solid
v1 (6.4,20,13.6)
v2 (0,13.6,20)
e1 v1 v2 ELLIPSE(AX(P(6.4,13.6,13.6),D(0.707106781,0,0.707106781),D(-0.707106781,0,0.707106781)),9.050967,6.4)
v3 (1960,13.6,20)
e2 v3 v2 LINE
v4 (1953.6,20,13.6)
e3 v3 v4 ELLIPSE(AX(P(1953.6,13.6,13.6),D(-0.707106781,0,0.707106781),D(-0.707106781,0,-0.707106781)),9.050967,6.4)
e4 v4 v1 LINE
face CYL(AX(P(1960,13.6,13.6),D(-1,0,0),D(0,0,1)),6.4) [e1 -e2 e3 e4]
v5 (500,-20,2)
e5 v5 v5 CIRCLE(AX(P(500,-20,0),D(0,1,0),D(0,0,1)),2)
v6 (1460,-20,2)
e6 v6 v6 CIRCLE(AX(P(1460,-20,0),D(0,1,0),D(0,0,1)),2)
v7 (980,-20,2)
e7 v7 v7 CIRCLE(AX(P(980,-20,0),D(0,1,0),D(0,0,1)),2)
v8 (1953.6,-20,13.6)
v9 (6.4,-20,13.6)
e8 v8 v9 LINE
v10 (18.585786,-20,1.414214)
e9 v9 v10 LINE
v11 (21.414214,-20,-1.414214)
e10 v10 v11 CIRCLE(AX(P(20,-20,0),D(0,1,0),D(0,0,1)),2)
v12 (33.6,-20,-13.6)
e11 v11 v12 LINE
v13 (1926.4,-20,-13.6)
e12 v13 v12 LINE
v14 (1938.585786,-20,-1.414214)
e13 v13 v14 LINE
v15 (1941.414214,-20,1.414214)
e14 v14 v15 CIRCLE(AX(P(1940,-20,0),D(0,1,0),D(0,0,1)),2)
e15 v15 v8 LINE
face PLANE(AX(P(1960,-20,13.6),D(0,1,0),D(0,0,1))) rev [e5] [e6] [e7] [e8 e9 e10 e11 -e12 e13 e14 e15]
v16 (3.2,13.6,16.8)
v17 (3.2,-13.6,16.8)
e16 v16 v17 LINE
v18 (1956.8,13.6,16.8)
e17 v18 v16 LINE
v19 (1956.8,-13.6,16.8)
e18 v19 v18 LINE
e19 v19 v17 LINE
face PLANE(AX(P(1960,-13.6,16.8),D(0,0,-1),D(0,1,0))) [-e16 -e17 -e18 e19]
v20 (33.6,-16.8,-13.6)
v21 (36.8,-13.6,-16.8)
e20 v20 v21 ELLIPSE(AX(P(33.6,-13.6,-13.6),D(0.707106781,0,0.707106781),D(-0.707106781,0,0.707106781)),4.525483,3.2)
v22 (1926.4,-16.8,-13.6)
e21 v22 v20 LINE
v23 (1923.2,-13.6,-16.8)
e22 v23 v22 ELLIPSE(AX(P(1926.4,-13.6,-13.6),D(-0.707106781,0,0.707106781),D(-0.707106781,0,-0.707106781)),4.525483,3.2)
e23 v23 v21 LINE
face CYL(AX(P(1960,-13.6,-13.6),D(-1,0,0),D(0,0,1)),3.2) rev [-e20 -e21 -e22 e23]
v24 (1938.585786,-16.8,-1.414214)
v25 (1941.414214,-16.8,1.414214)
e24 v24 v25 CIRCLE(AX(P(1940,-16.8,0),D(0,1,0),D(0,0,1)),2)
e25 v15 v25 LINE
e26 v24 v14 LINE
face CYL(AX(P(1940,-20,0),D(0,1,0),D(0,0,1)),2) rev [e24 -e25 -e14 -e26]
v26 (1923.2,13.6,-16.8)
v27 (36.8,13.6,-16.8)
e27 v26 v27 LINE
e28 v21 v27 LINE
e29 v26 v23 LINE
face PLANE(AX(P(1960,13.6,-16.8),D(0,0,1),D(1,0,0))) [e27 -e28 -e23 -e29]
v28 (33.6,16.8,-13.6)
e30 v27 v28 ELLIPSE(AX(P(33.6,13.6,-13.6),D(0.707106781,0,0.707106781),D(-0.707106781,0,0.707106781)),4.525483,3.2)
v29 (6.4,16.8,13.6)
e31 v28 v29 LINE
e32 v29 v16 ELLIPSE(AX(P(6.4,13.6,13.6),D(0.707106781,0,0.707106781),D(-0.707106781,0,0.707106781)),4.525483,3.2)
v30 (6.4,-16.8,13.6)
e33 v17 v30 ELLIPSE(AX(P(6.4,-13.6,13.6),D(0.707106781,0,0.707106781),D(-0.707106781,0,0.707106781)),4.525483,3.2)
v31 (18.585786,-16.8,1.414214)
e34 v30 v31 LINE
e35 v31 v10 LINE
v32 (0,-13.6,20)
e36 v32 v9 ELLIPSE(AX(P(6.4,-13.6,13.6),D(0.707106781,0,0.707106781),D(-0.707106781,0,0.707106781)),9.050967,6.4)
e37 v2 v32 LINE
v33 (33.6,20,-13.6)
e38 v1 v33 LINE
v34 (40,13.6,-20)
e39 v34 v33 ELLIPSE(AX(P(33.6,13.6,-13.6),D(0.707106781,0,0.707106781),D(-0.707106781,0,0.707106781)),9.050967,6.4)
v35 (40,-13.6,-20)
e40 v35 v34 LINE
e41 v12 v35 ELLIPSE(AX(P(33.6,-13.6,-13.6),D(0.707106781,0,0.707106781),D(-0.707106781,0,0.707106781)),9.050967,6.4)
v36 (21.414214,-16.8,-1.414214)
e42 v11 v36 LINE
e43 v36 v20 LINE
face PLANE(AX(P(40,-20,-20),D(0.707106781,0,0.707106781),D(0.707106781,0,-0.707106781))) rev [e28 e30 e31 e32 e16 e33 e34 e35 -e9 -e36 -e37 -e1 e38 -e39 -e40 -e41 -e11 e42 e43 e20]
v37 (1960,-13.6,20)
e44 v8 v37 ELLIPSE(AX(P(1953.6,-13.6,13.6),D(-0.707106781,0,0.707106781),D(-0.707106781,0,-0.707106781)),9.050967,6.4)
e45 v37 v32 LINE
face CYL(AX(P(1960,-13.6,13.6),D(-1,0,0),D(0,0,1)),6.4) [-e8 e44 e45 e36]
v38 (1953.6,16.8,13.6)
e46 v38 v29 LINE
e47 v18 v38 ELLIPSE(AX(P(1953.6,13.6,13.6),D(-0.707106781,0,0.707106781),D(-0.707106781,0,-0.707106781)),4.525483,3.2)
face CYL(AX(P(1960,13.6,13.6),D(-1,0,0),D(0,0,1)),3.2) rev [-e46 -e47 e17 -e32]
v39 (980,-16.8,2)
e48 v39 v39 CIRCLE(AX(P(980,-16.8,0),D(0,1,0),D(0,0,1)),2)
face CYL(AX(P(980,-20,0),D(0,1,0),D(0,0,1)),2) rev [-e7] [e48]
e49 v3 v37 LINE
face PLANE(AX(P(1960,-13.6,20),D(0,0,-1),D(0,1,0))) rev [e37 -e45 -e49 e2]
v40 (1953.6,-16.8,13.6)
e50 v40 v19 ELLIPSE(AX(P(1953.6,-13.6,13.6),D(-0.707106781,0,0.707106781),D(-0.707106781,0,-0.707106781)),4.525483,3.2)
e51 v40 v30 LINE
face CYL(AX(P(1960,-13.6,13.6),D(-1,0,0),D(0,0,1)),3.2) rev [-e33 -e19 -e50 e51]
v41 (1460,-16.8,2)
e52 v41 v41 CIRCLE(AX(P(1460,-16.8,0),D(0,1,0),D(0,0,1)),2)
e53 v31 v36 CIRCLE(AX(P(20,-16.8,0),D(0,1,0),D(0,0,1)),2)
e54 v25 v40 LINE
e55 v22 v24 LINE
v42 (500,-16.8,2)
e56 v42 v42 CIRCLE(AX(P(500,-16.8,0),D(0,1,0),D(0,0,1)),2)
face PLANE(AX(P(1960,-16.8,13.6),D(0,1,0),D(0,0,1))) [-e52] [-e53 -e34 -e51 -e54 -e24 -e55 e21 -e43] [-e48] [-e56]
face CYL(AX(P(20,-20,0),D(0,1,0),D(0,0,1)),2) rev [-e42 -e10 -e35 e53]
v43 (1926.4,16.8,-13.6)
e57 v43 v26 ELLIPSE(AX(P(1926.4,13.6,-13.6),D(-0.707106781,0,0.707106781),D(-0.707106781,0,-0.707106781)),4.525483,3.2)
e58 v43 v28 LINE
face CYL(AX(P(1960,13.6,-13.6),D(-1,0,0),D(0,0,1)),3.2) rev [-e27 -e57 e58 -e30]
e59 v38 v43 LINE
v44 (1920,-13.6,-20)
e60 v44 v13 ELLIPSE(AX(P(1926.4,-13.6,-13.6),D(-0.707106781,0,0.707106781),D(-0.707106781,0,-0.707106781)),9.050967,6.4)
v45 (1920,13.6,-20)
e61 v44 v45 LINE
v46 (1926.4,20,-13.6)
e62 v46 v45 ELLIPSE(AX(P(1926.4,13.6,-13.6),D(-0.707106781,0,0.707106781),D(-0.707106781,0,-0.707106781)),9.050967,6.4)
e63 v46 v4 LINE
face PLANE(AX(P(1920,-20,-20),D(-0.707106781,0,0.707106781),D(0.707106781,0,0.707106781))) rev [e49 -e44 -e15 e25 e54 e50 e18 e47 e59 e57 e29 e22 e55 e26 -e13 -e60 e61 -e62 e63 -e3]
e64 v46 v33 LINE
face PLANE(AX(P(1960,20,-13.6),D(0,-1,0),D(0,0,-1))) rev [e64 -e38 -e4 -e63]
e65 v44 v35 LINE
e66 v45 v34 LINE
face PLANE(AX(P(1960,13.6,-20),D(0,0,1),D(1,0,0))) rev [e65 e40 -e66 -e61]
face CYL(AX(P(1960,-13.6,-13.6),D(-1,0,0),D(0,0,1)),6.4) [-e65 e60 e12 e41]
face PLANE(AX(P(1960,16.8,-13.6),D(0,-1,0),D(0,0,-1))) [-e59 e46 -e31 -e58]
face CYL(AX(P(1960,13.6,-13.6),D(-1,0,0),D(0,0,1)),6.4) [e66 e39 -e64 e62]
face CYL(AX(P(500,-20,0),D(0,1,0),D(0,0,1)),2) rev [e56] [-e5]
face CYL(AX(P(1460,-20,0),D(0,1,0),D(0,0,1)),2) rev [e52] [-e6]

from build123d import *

# Parameters (mm, degrees)
TUBE_SQUARE_40_X_40_X_3_2_5_DEPTH = 1960
CUT_EXTRUDE1_DEPTH                = 1961.510137694
SKETCH15_R                        = 2
CUT_EXTRUDE3_DEPTH                = 1961.204071009


with BuildPart() as part:
    # Sketch12 → Tube (square) 40 X 40 X 3.2(5) (new body)
    with BuildSketch(Plane(origin=(0, 0, 0), x_dir=(0, 0, -1), z_dir=(1, 0, 0))):
        with BuildLine():
            Line((-13.6, -20), (13.6, -20))
            ThreePointArc((13.6, -20), (18.1254834, -18.1254834), (20, -13.6))
            Line((20, -13.6), (20, 13.6))
            ThreePointArc((20, 13.6), (18.1254834, 18.1254834), (13.6, 20))
            Line((13.6, 20), (-13.6, 20))
            ThreePointArc((-13.6, 20), (-18.1254834, 18.1254834), (-20, 13.6))
            Line((-20, 13.6), (-20, -13.6))
            ThreePointArc((-20, -13.6), (-18.1254834, -18.1254834), (-13.6, -20))
        make_face()
        with BuildLine():
            Line((-13.6, -16.8), (13.6, -16.8))
            ThreePointArc((13.6, -16.8), (15.8627417, -15.8627417), (16.8, -13.6))
            Line((16.8, -13.6), (16.8, 13.6))
            ThreePointArc((16.8, 13.6), (15.8627417, 15.8627417), (13.6, 16.8))
            Line((13.6, 16.8), (-13.6, 16.8))
            ThreePointArc((-13.6, 16.8), (-15.8627417, 15.8627417), (-16.8, 13.6))
            Line((-16.8, 13.6), (-16.8, -13.6))
            ThreePointArc((-16.8, -13.6), (-15.8627417, -15.8627417), (-13.6, -16.8))
        make_face(mode=Mode.SUBTRACT)
    extrude(amount=TUBE_SQUARE_40_X_40_X_3_2_5_DEPTH)

    # Sketch13 → Cut-Extrude1 (cut, through all)
    with BuildSketch(Plane(origin=(0, 20, 0), x_dir=(1, 0, 0), z_dir=(0, 1, 0))):
        Polygon((1960, 20), (1960, -20), (1920, 20), align=None)
        Polygon((0, 20), (0, -20), (40, 20), align=None)
    extrude(amount=-CUT_EXTRUDE1_DEPTH, mode=Mode.SUBTRACT)

    # Sketch15 → Cut-Extrude3 (cut, through all)
    with BuildSketch(Plane(origin=(0, 0, 0), x_dir=(1, 0, 0), z_dir=(0, 1, 0))):
        with Locations(Location((980, 0, 0), (0, 0, 270))):
            Circle(SKETCH15_R)
        with Locations((20, 0)):
            Circle(SKETCH15_R)
        with Locations((1940, 0)):
            Circle(SKETCH15_R)
        with Locations(Location((500, 0, 0), (0, 0, 270))):
            Circle(SKETCH15_R)
        with Locations(Location((1460, 0, 0), (0, 0, 270))):
            Circle(SKETCH15_R)
    extrude(amount=-CUT_EXTRUDE3_DEPTH, mode=Mode.SUBTRACT)


solid = part.part
